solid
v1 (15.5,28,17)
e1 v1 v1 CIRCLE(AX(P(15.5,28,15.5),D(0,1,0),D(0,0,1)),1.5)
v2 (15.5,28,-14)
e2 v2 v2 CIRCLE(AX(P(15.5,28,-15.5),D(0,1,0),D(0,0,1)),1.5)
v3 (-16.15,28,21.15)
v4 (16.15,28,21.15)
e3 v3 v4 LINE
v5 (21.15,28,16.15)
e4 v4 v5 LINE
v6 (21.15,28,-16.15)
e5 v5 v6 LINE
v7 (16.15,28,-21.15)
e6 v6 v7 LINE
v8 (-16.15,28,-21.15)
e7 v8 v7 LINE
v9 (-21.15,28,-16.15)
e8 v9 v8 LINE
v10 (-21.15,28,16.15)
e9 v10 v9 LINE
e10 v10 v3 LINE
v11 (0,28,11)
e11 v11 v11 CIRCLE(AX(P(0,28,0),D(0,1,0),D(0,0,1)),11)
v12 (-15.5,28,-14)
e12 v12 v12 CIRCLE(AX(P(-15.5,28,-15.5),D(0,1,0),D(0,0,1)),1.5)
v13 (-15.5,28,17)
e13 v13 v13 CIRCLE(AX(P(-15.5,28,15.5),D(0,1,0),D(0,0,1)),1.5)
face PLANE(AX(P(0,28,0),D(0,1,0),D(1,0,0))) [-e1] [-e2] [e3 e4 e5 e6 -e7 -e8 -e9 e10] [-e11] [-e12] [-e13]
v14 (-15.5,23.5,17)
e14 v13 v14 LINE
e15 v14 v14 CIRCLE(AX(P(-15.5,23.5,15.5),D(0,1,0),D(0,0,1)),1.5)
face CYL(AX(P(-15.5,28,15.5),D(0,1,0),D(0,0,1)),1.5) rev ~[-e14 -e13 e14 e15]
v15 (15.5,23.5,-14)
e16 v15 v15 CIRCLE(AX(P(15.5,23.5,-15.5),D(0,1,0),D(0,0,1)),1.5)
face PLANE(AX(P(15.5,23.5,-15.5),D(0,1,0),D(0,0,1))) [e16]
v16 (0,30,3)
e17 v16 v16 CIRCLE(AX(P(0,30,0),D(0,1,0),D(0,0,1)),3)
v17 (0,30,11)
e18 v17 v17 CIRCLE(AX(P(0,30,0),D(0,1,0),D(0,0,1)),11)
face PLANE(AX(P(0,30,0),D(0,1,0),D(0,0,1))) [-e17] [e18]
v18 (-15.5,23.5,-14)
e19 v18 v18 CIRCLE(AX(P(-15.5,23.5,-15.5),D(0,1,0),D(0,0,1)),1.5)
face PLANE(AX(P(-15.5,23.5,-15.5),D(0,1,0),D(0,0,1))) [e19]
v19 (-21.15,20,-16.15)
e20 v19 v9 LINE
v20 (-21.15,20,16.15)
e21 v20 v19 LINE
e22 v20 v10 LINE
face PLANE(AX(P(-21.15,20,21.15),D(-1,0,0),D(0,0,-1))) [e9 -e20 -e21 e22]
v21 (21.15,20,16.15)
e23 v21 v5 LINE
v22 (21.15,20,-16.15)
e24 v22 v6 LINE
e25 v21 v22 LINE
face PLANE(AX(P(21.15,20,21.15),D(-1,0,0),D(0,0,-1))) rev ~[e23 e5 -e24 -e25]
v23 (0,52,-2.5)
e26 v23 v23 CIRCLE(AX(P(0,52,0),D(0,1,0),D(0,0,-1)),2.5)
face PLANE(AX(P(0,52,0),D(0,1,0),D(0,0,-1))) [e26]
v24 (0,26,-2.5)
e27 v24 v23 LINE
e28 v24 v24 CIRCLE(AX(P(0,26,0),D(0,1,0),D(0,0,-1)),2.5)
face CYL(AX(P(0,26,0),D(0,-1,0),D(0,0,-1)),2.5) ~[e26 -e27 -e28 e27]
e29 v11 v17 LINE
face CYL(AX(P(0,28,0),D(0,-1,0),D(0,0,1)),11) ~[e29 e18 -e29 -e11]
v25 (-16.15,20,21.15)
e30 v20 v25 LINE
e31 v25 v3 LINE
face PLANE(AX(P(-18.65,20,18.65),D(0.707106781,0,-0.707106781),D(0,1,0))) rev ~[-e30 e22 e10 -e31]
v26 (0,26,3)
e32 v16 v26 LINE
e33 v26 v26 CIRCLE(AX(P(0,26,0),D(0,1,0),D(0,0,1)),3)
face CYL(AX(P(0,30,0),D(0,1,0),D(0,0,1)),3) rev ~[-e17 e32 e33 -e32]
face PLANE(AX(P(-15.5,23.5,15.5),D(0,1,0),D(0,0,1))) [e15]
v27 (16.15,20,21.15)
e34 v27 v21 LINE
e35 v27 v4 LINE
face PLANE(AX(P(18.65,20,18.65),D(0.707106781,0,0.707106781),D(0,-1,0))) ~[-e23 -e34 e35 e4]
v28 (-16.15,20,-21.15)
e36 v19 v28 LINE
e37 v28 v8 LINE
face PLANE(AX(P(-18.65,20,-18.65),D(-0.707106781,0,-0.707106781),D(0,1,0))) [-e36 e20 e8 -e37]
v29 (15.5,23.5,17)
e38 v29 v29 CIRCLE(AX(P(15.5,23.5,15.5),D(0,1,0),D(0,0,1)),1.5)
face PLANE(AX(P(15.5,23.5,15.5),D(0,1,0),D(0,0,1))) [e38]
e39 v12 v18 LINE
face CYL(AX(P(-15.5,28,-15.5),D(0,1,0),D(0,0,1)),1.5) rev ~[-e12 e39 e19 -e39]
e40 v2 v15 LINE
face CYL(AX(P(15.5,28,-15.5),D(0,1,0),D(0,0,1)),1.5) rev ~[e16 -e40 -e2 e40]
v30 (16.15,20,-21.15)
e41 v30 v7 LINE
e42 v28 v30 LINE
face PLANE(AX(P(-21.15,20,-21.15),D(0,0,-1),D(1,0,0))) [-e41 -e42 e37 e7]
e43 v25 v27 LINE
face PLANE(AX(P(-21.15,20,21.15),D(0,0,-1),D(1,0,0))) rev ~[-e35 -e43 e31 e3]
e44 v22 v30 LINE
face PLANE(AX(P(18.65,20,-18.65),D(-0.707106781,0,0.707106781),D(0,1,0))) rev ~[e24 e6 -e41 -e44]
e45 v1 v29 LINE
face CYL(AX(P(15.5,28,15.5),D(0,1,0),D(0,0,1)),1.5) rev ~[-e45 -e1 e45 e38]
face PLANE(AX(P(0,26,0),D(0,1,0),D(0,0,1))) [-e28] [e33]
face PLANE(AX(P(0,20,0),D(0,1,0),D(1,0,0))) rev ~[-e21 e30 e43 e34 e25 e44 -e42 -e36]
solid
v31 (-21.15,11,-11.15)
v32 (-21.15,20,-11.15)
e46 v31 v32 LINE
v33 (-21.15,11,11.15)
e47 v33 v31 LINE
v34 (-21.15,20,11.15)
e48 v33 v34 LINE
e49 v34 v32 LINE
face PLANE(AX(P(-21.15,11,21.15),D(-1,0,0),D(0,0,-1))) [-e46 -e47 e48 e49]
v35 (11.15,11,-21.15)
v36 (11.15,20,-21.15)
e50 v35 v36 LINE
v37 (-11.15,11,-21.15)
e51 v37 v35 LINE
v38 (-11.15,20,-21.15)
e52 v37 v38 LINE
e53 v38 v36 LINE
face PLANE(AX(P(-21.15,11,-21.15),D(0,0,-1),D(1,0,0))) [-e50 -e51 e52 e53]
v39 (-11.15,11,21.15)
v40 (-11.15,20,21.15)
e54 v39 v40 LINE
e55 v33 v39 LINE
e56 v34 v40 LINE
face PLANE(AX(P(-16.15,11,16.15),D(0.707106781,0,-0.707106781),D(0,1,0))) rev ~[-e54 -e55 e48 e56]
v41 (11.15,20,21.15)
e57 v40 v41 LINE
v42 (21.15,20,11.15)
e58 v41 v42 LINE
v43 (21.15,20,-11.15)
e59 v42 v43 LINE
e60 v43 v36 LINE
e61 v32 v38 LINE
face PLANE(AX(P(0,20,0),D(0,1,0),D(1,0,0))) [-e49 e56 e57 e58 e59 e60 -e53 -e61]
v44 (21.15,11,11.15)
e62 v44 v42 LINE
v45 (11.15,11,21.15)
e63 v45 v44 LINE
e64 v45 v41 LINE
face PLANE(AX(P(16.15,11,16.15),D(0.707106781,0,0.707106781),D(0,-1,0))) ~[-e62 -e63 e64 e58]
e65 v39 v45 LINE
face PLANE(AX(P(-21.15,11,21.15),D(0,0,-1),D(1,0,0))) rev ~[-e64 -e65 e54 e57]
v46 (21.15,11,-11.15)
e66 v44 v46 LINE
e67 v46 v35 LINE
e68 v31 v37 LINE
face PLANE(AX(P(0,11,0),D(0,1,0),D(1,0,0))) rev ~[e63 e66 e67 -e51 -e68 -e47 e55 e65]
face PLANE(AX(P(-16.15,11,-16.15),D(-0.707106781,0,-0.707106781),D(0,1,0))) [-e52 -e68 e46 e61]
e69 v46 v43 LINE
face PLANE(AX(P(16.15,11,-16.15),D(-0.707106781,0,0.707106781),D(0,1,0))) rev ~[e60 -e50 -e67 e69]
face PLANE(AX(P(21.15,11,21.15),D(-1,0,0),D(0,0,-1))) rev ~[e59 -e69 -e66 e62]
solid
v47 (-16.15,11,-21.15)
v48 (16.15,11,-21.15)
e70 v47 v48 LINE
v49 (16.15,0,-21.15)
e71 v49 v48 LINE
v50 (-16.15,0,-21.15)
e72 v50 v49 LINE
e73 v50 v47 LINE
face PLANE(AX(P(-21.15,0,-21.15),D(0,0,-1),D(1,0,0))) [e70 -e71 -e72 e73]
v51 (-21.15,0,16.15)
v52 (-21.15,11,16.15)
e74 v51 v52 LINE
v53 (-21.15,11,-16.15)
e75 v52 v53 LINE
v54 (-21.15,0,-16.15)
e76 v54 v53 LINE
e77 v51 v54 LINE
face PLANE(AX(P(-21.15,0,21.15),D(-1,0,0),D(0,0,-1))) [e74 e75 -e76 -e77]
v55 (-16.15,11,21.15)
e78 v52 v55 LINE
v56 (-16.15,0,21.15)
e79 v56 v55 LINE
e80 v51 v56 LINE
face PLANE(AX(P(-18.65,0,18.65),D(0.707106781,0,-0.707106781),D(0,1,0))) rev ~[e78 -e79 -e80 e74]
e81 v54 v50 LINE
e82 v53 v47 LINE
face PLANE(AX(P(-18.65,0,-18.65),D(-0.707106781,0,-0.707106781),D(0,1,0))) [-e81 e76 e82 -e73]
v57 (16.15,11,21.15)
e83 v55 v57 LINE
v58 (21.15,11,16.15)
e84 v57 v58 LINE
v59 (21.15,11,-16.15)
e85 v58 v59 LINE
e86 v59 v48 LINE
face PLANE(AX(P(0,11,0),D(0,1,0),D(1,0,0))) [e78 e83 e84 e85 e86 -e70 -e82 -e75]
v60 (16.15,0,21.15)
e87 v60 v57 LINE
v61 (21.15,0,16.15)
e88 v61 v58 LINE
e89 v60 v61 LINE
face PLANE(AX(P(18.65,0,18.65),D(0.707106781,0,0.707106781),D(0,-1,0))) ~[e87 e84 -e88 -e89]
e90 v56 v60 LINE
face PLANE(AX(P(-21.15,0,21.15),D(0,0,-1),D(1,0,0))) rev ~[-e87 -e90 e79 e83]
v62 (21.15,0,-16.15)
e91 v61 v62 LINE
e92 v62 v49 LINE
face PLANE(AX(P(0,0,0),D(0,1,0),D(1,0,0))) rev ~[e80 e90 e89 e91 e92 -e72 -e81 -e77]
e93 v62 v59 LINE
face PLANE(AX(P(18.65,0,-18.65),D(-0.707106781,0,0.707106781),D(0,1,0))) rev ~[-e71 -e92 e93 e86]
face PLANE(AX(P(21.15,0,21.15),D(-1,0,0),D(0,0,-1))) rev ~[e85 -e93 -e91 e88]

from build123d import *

# Parameters (mm, degrees)
SKETCH1_W           = 42.3
SKETCH1_H           = 42.3
BOSS_EXTRUDE1_DEPTH = 11
SKETCH2_W           = 42.3
SKETCH2_H           = 42.3
BOSS_EXTRUDE2_DEPTH = 9
SKETCH3_W           = 42.3
SKETCH3_H           = 42.3
BOSS_EXTRUDE3_DEPTH = 8
CHAMFER1_SIZE       = 10
CHAMFER2_SIZE       = 5
CHAMFER3_SIZE       = 5
SKETCH4_R           = 11
BOSS_EXTRUDE4_DEPTH = 2
SKETCH5_R           = 3
CUT_EXTRUDE1_DEPTH  = 4
SKETCH6_R           = 2.5
BOSS_EXTRUDE5_DEPTH = 26
SKETCH7_R           = 1.5
CUT_EXTRUDE2_DEPTH  = 4.5


with BuildPart() as part:
    # Sketch1 → Boss-Extrude1 (new body)
    with BuildSketch(Plane(origin=(0, 0, 0), x_dir=(1, 0, 0), z_dir=(0, 1, 0))):
        Rectangle(SKETCH1_W, SKETCH1_H)
    extrude(amount=BOSS_EXTRUDE1_DEPTH)

    # Chamfer3
    chamfer3_edges = [part.edges().sort_by_distance(p)[0] for p in [
        (-21.15, 5.5, -21.15),
        (21.15, 5.5, -21.15),
        (21.15, 5.5, 21.15),
        (-21.15, 5.5, 21.15),
    ]]
    chamfer(chamfer3_edges, length=CHAMFER3_SIZE)


with BuildPart() as body_2:
    # Sketch2 → Boss-Extrude2 (new body)
    with BuildSketch(Plane(origin=(0, 11, 0), x_dir=(1, 0, 0), z_dir=(0, 1, 0))):
        Rectangle(SKETCH2_W, SKETCH2_H)
    extrude(amount=BOSS_EXTRUDE2_DEPTH)

    # Chamfer1
    chamfer1_edges = [body_2.edges().sort_by_distance(p)[0] for p in [
        (-21.15, 15.5, -21.15),
        (21.15, 15.5, -21.15),
        (21.15, 15.5, 21.15),
        (-21.15, 15.5, 21.15),
    ]]
    chamfer(chamfer1_edges, length=CHAMFER1_SIZE)


with BuildPart() as body_3:
    # Sketch3 → Boss-Extrude3 (new body)
    with BuildSketch(Plane(origin=(0, 20, 0), x_dir=(1, 0, 0), z_dir=(0, 1, 0))):
        Rectangle(SKETCH3_W, SKETCH3_H)
    extrude(amount=BOSS_EXTRUDE3_DEPTH)

    # Chamfer2
    chamfer2_edges = [body_3.edges().sort_by_distance(p)[0] for p in [
        (-21.15, 24, -21.15),
        (21.15, 24, -21.15),
        (21.15, 24, 21.15),
        (-21.15, 24, 21.15),
    ]]
    chamfer(chamfer2_edges, length=CHAMFER2_SIZE)

    # Sketch4 → Boss-Extrude4 (add)
    with BuildSketch(Plane(origin=(0, 28, 0), x_dir=(1, 0, 0), z_dir=(0, 1, 0))):
        with Locations(Location((0, 0, 0), (0, 0, 270))):
            Circle(SKETCH4_R)
    extrude(amount=BOSS_EXTRUDE4_DEPTH)

    # Sketch5 → Cut-Extrude1 (cut)
    with BuildSketch(Plane(origin=(0, 30, 0), x_dir=(1, 0, 0), z_dir=(0, 1, 0))):
        with Locations(Location((0, 0, 0), (0, 0, 270))):
            Circle(SKETCH5_R)
    extrude(amount=-CUT_EXTRUDE1_DEPTH, mode=Mode.SUBTRACT)

    # Sketch6 → Boss-Extrude5 (add)
    with BuildSketch(Plane(origin=(0, 26, 0), x_dir=(1, 0, 0), z_dir=(0, 1, 0))):
        with Locations(Location((0, 0, 0), (0, 0, 90))):
            Circle(SKETCH6_R)
    extrude(amount=BOSS_EXTRUDE5_DEPTH)

    # Sketch7 → Cut-Extrude2 (cut)
    with BuildSketch(Plane(origin=(0, 28, 0), x_dir=(1, 0, 0), z_dir=(0, 1, 0))):
        with Locations(Location((-15.5, -15.5, 0), (0, 0, 270))):
            Circle(SKETCH7_R)
        with Locations(Location((-15.5, 15.5, 0), (0, 0, 270))):
            Circle(SKETCH7_R)
        with Locations(Location((15.5, 15.5, 0), (0, 0, 270))):
            Circle(SKETCH7_R)
        with Locations(Location((15.5, -15.5, 0), (0, 0, 270))):
            Circle(SKETCH7_R)
    extrude(amount=-CUT_EXTRUDE2_DEPTH, mode=Mode.SUBTRACT)


solid = Compound([part.part, body_2.part, body_3.part])
